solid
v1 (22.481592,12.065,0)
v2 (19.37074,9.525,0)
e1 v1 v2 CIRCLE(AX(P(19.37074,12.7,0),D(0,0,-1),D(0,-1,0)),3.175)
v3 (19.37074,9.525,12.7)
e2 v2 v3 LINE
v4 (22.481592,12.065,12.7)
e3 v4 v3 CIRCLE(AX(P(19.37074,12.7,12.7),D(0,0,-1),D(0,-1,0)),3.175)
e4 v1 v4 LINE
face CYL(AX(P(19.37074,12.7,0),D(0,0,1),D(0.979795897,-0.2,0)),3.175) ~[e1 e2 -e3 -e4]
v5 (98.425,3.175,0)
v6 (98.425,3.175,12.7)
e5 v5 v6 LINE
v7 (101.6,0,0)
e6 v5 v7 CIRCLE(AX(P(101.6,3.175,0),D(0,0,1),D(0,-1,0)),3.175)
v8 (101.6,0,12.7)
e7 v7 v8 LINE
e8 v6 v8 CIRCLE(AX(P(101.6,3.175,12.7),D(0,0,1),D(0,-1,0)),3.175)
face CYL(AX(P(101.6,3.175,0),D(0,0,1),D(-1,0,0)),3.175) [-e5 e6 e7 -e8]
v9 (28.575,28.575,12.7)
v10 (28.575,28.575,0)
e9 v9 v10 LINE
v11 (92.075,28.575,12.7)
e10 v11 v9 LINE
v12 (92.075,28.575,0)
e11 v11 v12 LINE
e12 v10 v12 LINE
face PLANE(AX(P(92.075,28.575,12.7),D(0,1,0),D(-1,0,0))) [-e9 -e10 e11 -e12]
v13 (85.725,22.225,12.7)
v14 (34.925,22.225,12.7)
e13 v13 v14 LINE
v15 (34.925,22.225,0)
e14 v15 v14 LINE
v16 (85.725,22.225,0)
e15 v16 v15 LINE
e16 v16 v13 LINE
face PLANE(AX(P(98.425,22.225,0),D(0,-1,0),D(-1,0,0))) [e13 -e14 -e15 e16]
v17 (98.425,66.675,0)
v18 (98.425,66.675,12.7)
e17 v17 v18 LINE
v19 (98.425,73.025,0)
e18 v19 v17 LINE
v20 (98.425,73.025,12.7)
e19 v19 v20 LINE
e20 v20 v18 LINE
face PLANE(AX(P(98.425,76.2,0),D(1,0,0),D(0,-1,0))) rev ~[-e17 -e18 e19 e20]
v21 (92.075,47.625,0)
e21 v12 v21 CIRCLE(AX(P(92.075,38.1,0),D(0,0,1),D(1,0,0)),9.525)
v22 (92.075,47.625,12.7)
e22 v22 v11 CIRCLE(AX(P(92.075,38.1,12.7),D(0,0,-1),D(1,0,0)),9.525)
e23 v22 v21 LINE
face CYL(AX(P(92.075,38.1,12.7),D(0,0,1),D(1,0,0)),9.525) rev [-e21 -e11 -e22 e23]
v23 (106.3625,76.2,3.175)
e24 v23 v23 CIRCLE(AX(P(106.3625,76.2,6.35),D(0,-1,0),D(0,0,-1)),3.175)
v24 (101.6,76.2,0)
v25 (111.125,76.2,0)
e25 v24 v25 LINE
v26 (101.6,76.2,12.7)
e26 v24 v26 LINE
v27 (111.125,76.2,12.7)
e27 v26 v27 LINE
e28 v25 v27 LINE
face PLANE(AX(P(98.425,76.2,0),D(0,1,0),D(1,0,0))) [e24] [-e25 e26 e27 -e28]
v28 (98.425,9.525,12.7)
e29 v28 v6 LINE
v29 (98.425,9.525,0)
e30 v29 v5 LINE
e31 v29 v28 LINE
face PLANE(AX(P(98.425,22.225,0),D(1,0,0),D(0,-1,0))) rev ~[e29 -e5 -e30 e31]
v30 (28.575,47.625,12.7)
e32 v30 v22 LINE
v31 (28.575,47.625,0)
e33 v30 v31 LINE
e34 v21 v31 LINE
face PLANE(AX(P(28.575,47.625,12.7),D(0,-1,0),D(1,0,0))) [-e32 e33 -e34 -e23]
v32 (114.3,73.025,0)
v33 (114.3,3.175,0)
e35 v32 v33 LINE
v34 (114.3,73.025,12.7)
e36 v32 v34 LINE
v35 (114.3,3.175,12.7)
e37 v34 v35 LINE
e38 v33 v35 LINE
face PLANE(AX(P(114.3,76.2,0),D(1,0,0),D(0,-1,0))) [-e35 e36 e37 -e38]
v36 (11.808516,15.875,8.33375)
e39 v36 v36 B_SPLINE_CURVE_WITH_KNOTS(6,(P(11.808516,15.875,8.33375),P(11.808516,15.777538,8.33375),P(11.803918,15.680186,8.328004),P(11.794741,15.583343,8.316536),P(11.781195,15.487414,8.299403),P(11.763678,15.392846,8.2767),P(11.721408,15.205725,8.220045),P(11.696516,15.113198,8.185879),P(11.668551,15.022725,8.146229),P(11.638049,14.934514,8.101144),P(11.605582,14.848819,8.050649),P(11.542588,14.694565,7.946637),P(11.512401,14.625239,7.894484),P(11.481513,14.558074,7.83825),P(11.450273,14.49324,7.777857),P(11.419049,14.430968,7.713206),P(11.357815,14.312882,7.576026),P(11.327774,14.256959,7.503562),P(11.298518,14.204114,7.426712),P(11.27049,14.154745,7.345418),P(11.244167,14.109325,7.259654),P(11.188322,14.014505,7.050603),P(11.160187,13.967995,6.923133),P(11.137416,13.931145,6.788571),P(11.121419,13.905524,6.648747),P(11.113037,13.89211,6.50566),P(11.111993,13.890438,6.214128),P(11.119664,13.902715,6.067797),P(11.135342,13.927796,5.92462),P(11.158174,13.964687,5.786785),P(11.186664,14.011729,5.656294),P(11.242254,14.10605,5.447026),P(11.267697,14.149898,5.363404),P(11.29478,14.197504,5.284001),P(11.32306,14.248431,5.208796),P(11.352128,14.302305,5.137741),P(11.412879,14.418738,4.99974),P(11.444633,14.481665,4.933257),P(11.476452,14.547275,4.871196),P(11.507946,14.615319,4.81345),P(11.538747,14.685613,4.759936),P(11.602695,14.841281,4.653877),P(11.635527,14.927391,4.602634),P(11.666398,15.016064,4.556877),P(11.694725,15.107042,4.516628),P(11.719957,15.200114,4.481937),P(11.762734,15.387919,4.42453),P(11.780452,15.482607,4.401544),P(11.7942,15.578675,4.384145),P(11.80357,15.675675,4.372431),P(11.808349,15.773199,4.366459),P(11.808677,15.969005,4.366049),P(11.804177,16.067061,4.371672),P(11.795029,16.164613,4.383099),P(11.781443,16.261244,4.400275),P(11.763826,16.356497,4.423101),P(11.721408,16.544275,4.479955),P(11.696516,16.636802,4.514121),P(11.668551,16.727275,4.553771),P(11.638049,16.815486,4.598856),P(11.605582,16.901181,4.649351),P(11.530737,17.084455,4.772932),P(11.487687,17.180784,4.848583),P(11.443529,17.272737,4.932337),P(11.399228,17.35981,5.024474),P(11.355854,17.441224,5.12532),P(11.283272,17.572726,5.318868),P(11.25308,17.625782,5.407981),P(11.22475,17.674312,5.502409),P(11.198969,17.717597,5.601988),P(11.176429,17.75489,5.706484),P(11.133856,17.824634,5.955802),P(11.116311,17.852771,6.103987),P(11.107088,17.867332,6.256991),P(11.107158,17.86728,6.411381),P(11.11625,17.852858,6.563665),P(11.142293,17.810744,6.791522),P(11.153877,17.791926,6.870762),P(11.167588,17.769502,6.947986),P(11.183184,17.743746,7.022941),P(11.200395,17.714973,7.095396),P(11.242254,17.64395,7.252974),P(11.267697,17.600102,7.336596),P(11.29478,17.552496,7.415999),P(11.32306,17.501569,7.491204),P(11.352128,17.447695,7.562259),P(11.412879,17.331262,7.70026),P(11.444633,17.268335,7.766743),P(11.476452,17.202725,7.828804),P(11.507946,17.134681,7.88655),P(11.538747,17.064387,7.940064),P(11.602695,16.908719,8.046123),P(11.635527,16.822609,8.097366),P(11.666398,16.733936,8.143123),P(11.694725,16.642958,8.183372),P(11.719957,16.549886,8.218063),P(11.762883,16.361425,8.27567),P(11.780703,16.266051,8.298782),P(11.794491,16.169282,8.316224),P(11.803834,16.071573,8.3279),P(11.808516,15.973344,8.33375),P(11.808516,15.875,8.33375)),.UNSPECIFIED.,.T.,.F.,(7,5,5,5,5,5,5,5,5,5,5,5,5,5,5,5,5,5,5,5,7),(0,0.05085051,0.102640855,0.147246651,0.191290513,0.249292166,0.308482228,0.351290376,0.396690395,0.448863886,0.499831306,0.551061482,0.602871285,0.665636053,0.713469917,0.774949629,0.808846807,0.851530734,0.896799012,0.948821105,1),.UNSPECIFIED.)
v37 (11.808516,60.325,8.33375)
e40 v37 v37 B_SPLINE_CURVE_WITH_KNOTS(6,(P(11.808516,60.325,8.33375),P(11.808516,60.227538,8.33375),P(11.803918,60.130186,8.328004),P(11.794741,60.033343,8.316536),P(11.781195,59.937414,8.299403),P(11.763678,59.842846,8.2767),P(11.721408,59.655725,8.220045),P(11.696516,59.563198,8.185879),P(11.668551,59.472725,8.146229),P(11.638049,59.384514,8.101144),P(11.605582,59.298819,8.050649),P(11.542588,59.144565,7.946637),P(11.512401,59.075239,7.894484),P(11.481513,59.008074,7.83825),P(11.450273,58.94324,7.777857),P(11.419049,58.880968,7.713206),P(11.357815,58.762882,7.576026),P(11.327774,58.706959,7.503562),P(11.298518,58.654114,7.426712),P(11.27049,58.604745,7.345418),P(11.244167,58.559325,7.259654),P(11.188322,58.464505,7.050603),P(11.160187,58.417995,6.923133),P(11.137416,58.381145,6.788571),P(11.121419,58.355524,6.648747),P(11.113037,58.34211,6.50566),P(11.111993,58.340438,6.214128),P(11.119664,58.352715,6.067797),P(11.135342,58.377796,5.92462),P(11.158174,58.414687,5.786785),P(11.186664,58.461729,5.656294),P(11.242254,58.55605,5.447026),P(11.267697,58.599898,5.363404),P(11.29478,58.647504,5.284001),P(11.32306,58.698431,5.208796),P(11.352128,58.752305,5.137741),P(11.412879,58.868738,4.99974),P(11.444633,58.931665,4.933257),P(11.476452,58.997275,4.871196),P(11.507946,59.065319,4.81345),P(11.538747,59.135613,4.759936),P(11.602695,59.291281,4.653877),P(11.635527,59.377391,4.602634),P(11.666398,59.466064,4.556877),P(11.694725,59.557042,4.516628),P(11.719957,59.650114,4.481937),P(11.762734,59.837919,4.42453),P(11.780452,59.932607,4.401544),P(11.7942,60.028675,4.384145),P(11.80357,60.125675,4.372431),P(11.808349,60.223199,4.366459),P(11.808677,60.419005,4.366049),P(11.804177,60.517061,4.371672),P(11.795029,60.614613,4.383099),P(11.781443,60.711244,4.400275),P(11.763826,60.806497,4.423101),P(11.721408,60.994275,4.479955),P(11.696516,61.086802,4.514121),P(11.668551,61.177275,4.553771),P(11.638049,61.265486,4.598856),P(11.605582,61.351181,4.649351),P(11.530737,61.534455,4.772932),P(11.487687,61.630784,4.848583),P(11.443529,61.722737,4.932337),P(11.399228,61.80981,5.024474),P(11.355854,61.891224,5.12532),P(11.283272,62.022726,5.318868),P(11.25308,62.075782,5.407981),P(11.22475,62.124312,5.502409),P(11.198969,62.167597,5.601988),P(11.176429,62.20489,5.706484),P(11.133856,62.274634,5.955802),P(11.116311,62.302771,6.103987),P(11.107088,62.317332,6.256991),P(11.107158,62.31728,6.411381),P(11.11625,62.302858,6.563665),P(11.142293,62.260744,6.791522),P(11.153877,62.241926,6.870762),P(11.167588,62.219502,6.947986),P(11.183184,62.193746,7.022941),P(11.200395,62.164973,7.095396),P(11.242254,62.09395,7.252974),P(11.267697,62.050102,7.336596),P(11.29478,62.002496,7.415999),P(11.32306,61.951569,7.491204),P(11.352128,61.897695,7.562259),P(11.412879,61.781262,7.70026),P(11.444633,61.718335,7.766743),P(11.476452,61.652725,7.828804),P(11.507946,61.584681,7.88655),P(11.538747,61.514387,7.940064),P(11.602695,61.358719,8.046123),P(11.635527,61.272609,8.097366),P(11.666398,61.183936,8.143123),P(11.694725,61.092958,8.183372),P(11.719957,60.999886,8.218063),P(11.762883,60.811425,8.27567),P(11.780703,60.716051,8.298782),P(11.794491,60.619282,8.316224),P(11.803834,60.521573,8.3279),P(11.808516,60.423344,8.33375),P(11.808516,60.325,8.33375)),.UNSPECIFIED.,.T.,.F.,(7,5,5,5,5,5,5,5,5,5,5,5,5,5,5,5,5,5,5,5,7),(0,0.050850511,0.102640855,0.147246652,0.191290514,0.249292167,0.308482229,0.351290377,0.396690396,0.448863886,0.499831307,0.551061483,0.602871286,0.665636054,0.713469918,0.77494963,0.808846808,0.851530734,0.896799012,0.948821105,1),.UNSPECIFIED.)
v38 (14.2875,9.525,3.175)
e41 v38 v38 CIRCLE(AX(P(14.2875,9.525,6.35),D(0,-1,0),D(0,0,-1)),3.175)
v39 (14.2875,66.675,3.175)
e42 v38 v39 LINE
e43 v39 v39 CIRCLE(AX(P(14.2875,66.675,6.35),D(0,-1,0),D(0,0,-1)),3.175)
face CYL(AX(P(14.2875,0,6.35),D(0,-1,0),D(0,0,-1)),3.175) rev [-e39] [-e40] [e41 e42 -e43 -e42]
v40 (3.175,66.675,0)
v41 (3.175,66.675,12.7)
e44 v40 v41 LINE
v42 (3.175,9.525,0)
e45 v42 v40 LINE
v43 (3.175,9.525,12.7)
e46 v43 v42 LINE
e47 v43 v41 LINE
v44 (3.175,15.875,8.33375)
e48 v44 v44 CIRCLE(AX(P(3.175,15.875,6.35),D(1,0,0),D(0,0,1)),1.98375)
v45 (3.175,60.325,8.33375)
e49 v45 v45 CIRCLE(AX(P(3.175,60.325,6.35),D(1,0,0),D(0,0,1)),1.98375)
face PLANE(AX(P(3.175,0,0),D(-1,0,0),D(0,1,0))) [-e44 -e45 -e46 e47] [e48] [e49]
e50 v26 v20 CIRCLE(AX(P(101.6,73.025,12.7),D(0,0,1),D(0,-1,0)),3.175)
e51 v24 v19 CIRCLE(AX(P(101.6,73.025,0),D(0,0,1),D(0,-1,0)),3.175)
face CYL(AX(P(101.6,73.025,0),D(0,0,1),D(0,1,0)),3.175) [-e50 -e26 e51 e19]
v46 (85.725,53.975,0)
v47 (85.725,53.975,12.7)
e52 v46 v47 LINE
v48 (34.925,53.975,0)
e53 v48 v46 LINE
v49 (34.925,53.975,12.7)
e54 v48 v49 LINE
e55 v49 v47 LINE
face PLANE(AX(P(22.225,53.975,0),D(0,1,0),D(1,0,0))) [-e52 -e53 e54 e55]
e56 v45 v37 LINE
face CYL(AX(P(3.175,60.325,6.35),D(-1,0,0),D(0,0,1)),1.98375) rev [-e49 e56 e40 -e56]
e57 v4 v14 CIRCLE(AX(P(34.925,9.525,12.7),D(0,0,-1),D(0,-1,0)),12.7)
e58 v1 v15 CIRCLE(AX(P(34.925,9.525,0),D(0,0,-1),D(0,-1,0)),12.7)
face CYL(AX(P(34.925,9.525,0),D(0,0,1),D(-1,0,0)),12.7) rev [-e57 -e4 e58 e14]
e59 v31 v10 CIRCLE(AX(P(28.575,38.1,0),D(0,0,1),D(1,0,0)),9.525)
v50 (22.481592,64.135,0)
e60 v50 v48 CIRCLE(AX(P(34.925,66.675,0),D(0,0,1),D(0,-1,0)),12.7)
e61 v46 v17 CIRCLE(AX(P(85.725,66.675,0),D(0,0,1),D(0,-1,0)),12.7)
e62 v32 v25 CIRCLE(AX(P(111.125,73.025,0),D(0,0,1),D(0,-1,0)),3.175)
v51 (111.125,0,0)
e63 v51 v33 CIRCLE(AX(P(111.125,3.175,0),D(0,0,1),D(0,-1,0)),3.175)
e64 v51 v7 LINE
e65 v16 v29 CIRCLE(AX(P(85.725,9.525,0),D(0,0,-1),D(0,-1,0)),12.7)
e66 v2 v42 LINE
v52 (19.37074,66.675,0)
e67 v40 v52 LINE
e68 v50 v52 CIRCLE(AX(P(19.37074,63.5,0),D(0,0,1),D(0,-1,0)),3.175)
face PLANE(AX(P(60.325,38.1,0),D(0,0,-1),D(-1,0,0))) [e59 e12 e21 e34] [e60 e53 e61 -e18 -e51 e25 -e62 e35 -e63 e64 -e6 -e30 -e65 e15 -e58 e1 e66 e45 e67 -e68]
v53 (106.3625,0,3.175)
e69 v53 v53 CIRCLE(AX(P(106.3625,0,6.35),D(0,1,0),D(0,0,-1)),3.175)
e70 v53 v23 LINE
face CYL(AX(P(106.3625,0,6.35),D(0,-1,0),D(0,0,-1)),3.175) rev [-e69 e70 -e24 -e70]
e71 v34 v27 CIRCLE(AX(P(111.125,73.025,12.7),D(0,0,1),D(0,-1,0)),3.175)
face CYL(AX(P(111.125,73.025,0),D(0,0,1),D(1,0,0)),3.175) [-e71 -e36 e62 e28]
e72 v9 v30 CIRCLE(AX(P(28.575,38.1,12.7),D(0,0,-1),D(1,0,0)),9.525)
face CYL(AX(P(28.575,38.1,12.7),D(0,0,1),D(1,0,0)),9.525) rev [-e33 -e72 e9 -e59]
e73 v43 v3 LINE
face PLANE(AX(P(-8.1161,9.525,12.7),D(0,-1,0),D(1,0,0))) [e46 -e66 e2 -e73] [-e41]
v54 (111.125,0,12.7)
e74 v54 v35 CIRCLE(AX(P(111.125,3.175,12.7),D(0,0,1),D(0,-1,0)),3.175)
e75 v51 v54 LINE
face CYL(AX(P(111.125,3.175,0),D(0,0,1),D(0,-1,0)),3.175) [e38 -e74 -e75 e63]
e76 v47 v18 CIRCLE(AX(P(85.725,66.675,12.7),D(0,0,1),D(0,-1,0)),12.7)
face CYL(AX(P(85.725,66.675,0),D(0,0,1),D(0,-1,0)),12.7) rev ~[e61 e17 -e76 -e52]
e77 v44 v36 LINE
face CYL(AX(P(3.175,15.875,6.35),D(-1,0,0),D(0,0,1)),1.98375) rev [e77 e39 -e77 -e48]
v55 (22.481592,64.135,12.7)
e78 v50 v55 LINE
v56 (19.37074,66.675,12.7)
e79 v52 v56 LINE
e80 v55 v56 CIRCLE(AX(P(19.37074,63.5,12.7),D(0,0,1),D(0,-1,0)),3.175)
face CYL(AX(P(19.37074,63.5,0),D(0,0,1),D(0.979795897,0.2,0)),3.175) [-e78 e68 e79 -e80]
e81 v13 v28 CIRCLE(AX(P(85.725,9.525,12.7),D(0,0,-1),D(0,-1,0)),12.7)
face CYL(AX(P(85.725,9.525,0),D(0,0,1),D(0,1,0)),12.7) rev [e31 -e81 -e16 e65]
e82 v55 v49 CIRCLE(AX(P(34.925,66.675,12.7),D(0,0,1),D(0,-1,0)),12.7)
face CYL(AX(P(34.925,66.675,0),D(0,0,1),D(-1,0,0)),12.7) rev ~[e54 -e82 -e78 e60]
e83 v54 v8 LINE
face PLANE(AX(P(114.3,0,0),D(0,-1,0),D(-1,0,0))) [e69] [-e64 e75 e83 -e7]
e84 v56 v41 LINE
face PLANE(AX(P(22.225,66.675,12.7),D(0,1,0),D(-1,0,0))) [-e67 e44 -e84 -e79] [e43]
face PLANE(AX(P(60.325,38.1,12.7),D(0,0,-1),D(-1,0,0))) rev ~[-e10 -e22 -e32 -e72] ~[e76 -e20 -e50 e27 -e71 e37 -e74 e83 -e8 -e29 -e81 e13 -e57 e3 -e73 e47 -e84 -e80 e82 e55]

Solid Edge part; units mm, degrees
sketch "Sketch1" plane through (0, 0, 0) normal (0, 0, 1) x (1, 0, 0)
  line L0 (6.35, 0) -> (6.35, 76.2)
  line L1 (6.35, 76.2) -> (22.225, 76.2)
  line L2 (22.225, 53.975) -> (22.225, 76.2)
  line L3 (22.225, 53.975) -> (98.425, 53.975)
  line L4 (98.425, 76.2) -> (98.425, 53.975)
  line L5 (98.425, 76.2) -> (114.3, 76.2)
  line L6 (114.3, 76.2) -> (114.3, 0)
  line L7 (114.3, 0) -> (98.425, 0)
  line L8 (98.425, 22.225) -> (98.425, 0)
  line L9 (98.425, 22.225) -> (22.225, 22.225)
  line L10 (22.225, 0) -> (22.225, 22.225)
  line L11 (22.225, 0) -> (6.35, 0)
  dimension "D1" = 76.2
  dimension "D2" = 15.875
  dimension "D3" = 22.225
  dimension "D4" = 107.95
  dimension "D5" = 31.75
extrude "Protrusion1" add sketch "Sketch1" along normal blind 12.7
hole "Hole_1" at (14.2875, 0, 6.35) direction (0, 1, 0) diameter 6.35 end through all
hole "Hole1" at (106.3625, 0, 6.35) direction (0, 1, 0) diameter 6.35 end through all
sketch "Sketch2" plane through (63.5, 38.1, 12.7) normal (0, 0, 1) x (1, 0, 0)
  line L0 (28.575, -9.525) -> (-34.925, -9.525)
  line L1 (-34.925, 9.525) -> (28.575, 9.525)
  arc A0 (-34.925, -9.525) -> (-34.925, 9.525) centre (-34.925, 0) cw
  arc A1 (28.575, 9.525) -> (28.575, -9.525) centre (28.575, 0) cw
extrude "Cutout1" cut sketch "Sketch2" against normal through all
fillet "Round_1" radius 12.7 4 edges at (22.225, 22.225, 6.35) (22.225, 53.975, 6.35) (98.425, 53.975, 6.35) (98.425, 22.225, 6.35)
sketch "Sketch3" plane through (60.325, 38.1, 12.7) normal (0, 0, 1) x (1, 0, 0)
  line L0 (-63.5, 38.1) -> (-63.5, -38.1)
  line L1 (-63.5, -38.1) -> (-50.8, -38.1)
  line L2 (-50.8, -38.1) -> (-50.8, 38.1)
  line L3 (-50.8, 38.1) -> (-63.5, 38.1)
  dimension "D1" = 9.525
  dimension "D2" = 12.7
extrude "ExtrudedProtrusion_2" add sketch "Sketch3" against normal blind 12.7
sketch "Sketch4" plane through (58.7375, 38.1, 12.7) normal (0, 0, 1) x (1, 0, 0)
  line L0 (-66.8536, -38.1) -> (-66.8536, -28.575)
  line L1 (-66.8536, -28.575) -> (-36.5125, -28.575)
  line L2 (-36.5125, -28.575) -> (-36.5125, -38.1)
  line L3 (-36.5125, -38.1) -> (-66.8536, -38.1)
  line L4 (-65.7913, 38.1) -> (-36.5125, 38.1)
  line L5 (-36.5125, 38.1) -> (-36.5125, 28.575)
  line L6 (-36.5125, 28.575) -> (-65.7913, 28.575)
  line L7 (-65.7913, 28.575) -> (-65.7913, 38.1)
  dimension "D1" = 9.525
  dimension "D2" = 9.525
extrude "Cutout2" cut sketch "Sketch4" against normal through all
fillet "Round_2" radius 3.175 8 edges at (98.425, 76.2, 6.35) (114.3, 76.2, 6.35) (114.3, 0, 6.35) (98.425, 0, 6.35) (22.225, 9.525, 6.35) (22.225, 66.675, 6.35) (-3.175, 66.675, 6.35) (-3.175, 9.525, 6.35)
sketch "Sketch5" plane through (55.5625, 38.1, 0) normal (0, 0, -1) x (0, 1, 0)
  line L0 (-38.1, -58.7375) -> (-38.1, -52.3875)
  line L1 (-38.1, -52.3875) -> (38.1, -52.3875)
  line L2 (38.1, -52.3875) -> (38.1, -58.7375)
  line L3 (38.1, -58.7375) -> (-38.1, -58.7375)
  dimension "D1" = 6.35
extrude "Cutout3" cut sketch "Sketch5" against normal through all
hole "Hole_11" at (3.175, 15.875, 6.35) direction (1, 0, 0) diameter 3.9675 end up to next
hole "Hole2" at (3.175, 60.325, 6.35) direction (1, 0, 0) diameter 3.9675 end up to next
properties part number "SR-03" material "Polyethylene, low density"
